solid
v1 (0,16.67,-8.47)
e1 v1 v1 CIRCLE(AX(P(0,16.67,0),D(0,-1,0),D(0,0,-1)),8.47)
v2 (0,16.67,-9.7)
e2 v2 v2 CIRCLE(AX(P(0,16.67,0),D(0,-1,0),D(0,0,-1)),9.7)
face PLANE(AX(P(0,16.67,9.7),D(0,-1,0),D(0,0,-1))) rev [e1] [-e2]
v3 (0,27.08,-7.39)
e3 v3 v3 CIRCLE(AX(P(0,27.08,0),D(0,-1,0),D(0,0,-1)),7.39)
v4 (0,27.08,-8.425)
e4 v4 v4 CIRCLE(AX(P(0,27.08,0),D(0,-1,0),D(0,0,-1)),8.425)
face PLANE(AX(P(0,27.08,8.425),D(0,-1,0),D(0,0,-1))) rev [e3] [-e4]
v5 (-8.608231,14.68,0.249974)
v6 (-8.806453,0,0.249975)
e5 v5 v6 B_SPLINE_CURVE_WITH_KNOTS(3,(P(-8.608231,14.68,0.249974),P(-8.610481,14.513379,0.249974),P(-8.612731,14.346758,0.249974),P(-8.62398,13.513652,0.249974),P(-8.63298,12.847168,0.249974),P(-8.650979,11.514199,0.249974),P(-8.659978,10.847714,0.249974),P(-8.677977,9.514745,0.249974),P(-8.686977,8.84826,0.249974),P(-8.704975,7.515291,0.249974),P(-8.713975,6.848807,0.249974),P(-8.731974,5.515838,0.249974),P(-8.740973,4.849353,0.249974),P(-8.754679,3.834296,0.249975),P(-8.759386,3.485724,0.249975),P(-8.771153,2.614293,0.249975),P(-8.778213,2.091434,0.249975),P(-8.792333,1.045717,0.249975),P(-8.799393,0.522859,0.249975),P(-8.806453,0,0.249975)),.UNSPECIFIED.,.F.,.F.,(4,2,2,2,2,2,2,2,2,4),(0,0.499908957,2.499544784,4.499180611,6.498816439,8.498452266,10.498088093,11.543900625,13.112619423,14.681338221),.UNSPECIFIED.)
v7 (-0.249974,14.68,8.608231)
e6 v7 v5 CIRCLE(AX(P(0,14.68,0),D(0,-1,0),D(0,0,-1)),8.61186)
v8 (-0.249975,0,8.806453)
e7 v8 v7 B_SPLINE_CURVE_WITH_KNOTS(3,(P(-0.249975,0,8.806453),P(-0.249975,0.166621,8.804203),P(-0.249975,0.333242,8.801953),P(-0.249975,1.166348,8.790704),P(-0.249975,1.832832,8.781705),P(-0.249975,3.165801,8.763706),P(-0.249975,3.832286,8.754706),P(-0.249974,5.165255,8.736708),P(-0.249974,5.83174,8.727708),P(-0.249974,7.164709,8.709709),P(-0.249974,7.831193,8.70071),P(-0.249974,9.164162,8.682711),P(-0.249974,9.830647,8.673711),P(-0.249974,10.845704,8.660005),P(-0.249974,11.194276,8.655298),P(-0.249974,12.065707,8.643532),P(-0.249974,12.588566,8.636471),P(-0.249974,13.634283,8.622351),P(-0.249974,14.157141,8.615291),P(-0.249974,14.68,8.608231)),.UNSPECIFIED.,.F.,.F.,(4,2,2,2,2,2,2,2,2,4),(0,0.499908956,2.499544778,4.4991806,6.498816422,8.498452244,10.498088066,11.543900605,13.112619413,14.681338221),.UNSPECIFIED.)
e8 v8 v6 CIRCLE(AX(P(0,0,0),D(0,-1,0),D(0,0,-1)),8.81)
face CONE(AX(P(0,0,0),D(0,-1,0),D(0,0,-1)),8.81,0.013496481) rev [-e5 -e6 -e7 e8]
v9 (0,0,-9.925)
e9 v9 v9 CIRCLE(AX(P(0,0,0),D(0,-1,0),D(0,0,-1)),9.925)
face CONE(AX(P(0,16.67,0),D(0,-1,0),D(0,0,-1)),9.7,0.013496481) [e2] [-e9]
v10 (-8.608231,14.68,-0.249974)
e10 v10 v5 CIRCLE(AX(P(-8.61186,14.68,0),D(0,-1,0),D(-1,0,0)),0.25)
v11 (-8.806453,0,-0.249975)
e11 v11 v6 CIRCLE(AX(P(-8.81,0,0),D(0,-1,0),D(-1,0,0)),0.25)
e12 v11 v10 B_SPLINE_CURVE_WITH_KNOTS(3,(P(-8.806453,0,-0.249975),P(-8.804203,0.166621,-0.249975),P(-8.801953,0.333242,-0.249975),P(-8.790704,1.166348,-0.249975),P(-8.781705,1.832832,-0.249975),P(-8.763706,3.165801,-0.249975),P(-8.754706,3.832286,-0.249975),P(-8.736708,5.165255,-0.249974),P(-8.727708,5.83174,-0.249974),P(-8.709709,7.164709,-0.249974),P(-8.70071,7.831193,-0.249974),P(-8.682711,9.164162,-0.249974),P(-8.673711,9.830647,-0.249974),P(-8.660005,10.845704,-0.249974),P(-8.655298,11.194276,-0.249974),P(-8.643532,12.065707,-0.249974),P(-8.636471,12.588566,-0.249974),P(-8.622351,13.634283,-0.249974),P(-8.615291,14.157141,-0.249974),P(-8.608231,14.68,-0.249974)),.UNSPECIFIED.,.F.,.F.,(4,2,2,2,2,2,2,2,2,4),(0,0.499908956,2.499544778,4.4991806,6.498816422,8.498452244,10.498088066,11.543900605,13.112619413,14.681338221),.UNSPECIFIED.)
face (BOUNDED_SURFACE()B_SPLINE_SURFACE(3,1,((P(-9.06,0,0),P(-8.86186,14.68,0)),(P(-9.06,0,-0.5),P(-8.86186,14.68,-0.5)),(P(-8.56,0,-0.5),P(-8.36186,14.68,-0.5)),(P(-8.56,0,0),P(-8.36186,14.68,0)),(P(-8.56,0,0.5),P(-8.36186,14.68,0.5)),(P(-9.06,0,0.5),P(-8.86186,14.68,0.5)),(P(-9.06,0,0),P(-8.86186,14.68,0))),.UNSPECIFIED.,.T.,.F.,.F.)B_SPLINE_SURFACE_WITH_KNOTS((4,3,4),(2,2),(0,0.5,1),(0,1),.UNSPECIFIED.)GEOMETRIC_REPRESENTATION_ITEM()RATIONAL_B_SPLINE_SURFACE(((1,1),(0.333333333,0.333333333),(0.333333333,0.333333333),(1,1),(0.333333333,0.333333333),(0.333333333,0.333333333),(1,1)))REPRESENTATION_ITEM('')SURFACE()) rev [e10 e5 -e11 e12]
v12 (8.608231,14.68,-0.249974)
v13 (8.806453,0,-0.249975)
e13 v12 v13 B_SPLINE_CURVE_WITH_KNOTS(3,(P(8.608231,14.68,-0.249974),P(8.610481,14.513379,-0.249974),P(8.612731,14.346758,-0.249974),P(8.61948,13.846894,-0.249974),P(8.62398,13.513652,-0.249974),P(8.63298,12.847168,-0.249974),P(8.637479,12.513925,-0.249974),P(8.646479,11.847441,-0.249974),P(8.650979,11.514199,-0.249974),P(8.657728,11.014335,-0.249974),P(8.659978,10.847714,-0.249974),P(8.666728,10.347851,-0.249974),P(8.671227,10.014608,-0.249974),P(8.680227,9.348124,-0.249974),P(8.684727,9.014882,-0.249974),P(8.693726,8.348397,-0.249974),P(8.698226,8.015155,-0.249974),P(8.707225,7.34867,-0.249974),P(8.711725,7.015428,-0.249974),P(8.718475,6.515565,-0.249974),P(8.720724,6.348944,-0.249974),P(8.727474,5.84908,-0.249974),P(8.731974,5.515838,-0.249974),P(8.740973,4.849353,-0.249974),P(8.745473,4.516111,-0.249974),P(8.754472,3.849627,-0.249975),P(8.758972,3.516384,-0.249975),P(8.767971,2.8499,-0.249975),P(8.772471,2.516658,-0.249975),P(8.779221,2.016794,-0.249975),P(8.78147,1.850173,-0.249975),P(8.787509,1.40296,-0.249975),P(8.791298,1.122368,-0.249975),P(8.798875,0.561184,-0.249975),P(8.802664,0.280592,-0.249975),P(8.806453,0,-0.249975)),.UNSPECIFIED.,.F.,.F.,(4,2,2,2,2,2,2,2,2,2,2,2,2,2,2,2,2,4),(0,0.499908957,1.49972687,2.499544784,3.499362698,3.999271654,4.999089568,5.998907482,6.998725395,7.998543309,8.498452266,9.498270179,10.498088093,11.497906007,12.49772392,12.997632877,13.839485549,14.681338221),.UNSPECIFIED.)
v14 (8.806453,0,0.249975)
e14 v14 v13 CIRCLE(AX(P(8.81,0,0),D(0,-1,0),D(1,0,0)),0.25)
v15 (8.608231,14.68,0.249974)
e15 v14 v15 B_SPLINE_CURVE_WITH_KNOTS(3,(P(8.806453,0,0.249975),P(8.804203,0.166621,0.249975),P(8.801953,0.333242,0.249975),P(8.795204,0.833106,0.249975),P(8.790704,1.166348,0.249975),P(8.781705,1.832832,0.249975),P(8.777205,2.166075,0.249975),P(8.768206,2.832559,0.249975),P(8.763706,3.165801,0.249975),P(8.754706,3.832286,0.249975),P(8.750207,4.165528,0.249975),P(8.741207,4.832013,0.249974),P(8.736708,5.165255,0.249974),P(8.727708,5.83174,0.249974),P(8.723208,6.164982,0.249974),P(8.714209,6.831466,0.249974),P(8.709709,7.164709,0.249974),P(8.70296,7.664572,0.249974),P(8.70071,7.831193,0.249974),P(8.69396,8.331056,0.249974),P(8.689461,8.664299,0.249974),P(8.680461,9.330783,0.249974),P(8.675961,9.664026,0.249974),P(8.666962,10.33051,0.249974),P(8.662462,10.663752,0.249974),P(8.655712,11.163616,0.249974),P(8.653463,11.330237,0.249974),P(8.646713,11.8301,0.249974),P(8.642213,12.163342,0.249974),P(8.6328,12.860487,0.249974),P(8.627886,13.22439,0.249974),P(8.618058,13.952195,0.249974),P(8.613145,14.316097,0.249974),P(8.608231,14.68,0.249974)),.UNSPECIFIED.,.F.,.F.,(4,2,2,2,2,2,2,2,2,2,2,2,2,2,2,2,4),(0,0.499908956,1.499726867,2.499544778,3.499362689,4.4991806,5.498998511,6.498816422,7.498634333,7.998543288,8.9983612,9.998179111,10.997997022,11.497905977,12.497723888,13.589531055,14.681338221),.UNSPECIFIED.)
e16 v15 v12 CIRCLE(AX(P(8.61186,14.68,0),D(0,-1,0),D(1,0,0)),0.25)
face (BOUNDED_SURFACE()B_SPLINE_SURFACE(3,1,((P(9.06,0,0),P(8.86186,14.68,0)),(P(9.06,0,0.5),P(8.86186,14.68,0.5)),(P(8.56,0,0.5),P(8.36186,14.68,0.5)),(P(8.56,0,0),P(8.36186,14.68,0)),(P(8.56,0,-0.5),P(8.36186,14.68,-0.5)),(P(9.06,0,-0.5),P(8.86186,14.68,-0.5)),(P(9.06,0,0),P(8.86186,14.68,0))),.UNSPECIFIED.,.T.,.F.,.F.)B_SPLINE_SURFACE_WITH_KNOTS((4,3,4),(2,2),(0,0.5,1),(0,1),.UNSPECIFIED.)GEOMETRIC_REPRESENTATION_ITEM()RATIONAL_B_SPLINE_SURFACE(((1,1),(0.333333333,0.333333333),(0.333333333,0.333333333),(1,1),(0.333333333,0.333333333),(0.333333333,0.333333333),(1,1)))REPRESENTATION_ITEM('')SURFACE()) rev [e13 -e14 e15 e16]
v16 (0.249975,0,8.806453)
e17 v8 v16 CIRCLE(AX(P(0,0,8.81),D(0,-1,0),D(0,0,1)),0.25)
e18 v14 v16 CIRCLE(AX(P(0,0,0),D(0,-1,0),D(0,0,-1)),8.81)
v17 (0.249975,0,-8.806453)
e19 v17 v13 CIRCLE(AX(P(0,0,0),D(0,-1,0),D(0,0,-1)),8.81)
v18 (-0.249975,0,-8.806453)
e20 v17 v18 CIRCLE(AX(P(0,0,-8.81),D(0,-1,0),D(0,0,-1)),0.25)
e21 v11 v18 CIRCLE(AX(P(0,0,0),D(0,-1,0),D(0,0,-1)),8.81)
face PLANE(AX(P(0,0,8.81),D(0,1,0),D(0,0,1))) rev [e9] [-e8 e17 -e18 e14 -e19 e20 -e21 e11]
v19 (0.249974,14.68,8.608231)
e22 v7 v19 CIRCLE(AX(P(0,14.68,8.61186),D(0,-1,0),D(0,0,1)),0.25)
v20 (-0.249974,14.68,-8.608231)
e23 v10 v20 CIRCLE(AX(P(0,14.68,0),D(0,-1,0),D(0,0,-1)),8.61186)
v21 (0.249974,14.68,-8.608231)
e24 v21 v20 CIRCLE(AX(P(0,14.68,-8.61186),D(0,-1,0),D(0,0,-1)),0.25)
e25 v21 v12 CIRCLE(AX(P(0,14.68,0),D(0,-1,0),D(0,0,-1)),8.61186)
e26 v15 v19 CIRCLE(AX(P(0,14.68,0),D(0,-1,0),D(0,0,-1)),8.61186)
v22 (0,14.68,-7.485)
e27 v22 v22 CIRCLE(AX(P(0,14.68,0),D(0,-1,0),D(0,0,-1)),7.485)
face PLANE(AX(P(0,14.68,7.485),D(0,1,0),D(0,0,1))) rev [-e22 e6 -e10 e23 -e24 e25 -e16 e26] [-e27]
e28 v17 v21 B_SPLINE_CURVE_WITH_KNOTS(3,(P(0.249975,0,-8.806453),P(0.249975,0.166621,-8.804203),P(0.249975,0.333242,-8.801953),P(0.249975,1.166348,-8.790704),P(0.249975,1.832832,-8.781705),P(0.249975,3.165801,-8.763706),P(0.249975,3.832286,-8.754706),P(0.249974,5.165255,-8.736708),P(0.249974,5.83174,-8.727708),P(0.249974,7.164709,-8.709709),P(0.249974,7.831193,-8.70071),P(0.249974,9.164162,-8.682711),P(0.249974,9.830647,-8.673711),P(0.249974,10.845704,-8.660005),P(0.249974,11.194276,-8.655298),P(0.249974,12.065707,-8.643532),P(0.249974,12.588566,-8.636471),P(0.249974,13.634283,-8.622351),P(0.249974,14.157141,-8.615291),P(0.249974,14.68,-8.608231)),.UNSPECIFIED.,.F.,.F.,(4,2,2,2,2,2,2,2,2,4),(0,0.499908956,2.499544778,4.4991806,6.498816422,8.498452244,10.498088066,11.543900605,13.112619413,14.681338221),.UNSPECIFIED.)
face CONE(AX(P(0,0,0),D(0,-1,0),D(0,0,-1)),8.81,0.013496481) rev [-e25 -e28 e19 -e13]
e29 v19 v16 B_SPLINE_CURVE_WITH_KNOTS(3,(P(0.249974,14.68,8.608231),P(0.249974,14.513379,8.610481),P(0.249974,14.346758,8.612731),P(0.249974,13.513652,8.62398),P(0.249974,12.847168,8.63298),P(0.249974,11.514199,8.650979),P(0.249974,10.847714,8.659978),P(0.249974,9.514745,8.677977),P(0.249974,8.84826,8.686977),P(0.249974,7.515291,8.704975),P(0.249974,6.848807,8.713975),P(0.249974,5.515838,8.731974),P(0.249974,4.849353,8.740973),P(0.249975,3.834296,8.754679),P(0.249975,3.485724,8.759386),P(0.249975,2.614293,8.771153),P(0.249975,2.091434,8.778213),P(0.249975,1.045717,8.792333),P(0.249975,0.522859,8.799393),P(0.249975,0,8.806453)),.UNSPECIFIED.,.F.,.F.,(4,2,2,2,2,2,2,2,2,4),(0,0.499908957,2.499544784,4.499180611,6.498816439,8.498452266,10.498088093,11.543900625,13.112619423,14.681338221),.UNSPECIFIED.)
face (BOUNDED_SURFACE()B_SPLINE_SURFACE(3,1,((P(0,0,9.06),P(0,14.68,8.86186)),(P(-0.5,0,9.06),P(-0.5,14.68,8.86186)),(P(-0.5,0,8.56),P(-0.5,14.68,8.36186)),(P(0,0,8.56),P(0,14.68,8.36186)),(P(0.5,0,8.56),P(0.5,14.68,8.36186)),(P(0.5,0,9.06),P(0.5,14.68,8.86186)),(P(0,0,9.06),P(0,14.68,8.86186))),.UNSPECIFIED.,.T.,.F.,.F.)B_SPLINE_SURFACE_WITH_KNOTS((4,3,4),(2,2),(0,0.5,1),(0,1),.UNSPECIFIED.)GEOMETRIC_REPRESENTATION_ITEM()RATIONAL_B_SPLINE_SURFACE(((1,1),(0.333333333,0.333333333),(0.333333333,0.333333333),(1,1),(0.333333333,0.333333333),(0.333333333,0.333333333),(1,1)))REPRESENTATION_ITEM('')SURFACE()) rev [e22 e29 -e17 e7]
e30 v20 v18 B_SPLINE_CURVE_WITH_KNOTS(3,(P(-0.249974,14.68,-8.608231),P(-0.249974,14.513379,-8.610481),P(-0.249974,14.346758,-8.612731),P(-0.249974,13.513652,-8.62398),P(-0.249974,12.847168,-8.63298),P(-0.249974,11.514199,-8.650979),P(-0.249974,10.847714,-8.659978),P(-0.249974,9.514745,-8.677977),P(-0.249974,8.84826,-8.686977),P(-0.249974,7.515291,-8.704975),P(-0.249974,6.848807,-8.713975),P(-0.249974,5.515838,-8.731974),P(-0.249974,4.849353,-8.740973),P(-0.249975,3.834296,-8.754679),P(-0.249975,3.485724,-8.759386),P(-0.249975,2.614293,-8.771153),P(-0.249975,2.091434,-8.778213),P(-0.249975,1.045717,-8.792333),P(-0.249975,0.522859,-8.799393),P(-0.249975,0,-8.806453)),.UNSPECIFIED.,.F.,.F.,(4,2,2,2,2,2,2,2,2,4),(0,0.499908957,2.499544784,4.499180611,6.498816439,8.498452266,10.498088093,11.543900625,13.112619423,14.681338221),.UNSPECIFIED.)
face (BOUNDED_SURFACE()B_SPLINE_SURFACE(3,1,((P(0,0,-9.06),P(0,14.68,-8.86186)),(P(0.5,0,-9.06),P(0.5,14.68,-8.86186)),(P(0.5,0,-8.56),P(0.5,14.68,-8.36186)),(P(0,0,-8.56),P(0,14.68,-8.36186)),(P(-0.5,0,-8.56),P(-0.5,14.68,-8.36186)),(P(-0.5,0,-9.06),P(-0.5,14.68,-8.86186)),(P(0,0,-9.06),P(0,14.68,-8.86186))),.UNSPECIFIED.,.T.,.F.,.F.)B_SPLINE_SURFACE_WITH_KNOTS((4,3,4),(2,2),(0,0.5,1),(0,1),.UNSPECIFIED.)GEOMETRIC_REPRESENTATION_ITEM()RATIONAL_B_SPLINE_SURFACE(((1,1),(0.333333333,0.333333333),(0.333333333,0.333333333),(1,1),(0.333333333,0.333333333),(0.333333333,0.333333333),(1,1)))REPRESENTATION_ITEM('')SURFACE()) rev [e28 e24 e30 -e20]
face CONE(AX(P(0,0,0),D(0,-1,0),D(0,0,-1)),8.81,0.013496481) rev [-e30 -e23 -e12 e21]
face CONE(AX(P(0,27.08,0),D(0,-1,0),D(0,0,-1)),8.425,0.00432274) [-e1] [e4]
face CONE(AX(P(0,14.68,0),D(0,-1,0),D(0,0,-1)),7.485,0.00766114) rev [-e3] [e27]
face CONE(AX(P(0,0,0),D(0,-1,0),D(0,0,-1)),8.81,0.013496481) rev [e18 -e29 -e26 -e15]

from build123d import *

# Parameters (mm, degrees)
SKETCH2_R         = 0.25
CIRPATTERN1_COUNT = 4


with BuildPart() as part:
    # Sketch1 → Revolve1 (revolve)
    with BuildSketch(Plane(origin=(0, 0, 0), x_dir=(0, 0, -1), z_dir=(1, 0, 0)), mode=Mode.PRIVATE) as revolve1_sk:
        Polygon((-9.925, 0), (-9.7, 16.67), (-8.47, 16.67), (-8.425, 27.08), (-7.39, 27.08), (-7.485, 14.68), (-8.611859628, 14.68), (-8.81, 0), align=None)
    revolve(revolve1_sk.sketch.rotate(Axis((0, 0, 0), (0, 1, 0)), 180), axis=Axis((0, 0, 0), (0, 1, 0)))

    # Sweep1: sweep along a path in Sketch3
    with BuildLine(Plane(origin=(0, 0, 0), x_dir=(0, 0, -1), z_dir=(1, 0, 0))) as sweep1_path:
        Line((8.81, 0), (8.611859628, 14.68))
    # Sketch2 → Sweep1 (sweep)
    with BuildSketch(Plane.XZ):
        with Locations((0, -8.81)):
            Circle(SKETCH2_R)
    sweep1 = sweep(path=sweep1_path.line)

    # CirPattern1: Sweep1 ×4 about axis
    cirpattern1_axis = Axis((0, 0, 0), (0, -1, 0))
    for i in range(1, CIRPATTERN1_COUNT):
        add(sweep1.rotate(cirpattern1_axis, i * 360 / CIRPATTERN1_COUNT))


solid = part.part
